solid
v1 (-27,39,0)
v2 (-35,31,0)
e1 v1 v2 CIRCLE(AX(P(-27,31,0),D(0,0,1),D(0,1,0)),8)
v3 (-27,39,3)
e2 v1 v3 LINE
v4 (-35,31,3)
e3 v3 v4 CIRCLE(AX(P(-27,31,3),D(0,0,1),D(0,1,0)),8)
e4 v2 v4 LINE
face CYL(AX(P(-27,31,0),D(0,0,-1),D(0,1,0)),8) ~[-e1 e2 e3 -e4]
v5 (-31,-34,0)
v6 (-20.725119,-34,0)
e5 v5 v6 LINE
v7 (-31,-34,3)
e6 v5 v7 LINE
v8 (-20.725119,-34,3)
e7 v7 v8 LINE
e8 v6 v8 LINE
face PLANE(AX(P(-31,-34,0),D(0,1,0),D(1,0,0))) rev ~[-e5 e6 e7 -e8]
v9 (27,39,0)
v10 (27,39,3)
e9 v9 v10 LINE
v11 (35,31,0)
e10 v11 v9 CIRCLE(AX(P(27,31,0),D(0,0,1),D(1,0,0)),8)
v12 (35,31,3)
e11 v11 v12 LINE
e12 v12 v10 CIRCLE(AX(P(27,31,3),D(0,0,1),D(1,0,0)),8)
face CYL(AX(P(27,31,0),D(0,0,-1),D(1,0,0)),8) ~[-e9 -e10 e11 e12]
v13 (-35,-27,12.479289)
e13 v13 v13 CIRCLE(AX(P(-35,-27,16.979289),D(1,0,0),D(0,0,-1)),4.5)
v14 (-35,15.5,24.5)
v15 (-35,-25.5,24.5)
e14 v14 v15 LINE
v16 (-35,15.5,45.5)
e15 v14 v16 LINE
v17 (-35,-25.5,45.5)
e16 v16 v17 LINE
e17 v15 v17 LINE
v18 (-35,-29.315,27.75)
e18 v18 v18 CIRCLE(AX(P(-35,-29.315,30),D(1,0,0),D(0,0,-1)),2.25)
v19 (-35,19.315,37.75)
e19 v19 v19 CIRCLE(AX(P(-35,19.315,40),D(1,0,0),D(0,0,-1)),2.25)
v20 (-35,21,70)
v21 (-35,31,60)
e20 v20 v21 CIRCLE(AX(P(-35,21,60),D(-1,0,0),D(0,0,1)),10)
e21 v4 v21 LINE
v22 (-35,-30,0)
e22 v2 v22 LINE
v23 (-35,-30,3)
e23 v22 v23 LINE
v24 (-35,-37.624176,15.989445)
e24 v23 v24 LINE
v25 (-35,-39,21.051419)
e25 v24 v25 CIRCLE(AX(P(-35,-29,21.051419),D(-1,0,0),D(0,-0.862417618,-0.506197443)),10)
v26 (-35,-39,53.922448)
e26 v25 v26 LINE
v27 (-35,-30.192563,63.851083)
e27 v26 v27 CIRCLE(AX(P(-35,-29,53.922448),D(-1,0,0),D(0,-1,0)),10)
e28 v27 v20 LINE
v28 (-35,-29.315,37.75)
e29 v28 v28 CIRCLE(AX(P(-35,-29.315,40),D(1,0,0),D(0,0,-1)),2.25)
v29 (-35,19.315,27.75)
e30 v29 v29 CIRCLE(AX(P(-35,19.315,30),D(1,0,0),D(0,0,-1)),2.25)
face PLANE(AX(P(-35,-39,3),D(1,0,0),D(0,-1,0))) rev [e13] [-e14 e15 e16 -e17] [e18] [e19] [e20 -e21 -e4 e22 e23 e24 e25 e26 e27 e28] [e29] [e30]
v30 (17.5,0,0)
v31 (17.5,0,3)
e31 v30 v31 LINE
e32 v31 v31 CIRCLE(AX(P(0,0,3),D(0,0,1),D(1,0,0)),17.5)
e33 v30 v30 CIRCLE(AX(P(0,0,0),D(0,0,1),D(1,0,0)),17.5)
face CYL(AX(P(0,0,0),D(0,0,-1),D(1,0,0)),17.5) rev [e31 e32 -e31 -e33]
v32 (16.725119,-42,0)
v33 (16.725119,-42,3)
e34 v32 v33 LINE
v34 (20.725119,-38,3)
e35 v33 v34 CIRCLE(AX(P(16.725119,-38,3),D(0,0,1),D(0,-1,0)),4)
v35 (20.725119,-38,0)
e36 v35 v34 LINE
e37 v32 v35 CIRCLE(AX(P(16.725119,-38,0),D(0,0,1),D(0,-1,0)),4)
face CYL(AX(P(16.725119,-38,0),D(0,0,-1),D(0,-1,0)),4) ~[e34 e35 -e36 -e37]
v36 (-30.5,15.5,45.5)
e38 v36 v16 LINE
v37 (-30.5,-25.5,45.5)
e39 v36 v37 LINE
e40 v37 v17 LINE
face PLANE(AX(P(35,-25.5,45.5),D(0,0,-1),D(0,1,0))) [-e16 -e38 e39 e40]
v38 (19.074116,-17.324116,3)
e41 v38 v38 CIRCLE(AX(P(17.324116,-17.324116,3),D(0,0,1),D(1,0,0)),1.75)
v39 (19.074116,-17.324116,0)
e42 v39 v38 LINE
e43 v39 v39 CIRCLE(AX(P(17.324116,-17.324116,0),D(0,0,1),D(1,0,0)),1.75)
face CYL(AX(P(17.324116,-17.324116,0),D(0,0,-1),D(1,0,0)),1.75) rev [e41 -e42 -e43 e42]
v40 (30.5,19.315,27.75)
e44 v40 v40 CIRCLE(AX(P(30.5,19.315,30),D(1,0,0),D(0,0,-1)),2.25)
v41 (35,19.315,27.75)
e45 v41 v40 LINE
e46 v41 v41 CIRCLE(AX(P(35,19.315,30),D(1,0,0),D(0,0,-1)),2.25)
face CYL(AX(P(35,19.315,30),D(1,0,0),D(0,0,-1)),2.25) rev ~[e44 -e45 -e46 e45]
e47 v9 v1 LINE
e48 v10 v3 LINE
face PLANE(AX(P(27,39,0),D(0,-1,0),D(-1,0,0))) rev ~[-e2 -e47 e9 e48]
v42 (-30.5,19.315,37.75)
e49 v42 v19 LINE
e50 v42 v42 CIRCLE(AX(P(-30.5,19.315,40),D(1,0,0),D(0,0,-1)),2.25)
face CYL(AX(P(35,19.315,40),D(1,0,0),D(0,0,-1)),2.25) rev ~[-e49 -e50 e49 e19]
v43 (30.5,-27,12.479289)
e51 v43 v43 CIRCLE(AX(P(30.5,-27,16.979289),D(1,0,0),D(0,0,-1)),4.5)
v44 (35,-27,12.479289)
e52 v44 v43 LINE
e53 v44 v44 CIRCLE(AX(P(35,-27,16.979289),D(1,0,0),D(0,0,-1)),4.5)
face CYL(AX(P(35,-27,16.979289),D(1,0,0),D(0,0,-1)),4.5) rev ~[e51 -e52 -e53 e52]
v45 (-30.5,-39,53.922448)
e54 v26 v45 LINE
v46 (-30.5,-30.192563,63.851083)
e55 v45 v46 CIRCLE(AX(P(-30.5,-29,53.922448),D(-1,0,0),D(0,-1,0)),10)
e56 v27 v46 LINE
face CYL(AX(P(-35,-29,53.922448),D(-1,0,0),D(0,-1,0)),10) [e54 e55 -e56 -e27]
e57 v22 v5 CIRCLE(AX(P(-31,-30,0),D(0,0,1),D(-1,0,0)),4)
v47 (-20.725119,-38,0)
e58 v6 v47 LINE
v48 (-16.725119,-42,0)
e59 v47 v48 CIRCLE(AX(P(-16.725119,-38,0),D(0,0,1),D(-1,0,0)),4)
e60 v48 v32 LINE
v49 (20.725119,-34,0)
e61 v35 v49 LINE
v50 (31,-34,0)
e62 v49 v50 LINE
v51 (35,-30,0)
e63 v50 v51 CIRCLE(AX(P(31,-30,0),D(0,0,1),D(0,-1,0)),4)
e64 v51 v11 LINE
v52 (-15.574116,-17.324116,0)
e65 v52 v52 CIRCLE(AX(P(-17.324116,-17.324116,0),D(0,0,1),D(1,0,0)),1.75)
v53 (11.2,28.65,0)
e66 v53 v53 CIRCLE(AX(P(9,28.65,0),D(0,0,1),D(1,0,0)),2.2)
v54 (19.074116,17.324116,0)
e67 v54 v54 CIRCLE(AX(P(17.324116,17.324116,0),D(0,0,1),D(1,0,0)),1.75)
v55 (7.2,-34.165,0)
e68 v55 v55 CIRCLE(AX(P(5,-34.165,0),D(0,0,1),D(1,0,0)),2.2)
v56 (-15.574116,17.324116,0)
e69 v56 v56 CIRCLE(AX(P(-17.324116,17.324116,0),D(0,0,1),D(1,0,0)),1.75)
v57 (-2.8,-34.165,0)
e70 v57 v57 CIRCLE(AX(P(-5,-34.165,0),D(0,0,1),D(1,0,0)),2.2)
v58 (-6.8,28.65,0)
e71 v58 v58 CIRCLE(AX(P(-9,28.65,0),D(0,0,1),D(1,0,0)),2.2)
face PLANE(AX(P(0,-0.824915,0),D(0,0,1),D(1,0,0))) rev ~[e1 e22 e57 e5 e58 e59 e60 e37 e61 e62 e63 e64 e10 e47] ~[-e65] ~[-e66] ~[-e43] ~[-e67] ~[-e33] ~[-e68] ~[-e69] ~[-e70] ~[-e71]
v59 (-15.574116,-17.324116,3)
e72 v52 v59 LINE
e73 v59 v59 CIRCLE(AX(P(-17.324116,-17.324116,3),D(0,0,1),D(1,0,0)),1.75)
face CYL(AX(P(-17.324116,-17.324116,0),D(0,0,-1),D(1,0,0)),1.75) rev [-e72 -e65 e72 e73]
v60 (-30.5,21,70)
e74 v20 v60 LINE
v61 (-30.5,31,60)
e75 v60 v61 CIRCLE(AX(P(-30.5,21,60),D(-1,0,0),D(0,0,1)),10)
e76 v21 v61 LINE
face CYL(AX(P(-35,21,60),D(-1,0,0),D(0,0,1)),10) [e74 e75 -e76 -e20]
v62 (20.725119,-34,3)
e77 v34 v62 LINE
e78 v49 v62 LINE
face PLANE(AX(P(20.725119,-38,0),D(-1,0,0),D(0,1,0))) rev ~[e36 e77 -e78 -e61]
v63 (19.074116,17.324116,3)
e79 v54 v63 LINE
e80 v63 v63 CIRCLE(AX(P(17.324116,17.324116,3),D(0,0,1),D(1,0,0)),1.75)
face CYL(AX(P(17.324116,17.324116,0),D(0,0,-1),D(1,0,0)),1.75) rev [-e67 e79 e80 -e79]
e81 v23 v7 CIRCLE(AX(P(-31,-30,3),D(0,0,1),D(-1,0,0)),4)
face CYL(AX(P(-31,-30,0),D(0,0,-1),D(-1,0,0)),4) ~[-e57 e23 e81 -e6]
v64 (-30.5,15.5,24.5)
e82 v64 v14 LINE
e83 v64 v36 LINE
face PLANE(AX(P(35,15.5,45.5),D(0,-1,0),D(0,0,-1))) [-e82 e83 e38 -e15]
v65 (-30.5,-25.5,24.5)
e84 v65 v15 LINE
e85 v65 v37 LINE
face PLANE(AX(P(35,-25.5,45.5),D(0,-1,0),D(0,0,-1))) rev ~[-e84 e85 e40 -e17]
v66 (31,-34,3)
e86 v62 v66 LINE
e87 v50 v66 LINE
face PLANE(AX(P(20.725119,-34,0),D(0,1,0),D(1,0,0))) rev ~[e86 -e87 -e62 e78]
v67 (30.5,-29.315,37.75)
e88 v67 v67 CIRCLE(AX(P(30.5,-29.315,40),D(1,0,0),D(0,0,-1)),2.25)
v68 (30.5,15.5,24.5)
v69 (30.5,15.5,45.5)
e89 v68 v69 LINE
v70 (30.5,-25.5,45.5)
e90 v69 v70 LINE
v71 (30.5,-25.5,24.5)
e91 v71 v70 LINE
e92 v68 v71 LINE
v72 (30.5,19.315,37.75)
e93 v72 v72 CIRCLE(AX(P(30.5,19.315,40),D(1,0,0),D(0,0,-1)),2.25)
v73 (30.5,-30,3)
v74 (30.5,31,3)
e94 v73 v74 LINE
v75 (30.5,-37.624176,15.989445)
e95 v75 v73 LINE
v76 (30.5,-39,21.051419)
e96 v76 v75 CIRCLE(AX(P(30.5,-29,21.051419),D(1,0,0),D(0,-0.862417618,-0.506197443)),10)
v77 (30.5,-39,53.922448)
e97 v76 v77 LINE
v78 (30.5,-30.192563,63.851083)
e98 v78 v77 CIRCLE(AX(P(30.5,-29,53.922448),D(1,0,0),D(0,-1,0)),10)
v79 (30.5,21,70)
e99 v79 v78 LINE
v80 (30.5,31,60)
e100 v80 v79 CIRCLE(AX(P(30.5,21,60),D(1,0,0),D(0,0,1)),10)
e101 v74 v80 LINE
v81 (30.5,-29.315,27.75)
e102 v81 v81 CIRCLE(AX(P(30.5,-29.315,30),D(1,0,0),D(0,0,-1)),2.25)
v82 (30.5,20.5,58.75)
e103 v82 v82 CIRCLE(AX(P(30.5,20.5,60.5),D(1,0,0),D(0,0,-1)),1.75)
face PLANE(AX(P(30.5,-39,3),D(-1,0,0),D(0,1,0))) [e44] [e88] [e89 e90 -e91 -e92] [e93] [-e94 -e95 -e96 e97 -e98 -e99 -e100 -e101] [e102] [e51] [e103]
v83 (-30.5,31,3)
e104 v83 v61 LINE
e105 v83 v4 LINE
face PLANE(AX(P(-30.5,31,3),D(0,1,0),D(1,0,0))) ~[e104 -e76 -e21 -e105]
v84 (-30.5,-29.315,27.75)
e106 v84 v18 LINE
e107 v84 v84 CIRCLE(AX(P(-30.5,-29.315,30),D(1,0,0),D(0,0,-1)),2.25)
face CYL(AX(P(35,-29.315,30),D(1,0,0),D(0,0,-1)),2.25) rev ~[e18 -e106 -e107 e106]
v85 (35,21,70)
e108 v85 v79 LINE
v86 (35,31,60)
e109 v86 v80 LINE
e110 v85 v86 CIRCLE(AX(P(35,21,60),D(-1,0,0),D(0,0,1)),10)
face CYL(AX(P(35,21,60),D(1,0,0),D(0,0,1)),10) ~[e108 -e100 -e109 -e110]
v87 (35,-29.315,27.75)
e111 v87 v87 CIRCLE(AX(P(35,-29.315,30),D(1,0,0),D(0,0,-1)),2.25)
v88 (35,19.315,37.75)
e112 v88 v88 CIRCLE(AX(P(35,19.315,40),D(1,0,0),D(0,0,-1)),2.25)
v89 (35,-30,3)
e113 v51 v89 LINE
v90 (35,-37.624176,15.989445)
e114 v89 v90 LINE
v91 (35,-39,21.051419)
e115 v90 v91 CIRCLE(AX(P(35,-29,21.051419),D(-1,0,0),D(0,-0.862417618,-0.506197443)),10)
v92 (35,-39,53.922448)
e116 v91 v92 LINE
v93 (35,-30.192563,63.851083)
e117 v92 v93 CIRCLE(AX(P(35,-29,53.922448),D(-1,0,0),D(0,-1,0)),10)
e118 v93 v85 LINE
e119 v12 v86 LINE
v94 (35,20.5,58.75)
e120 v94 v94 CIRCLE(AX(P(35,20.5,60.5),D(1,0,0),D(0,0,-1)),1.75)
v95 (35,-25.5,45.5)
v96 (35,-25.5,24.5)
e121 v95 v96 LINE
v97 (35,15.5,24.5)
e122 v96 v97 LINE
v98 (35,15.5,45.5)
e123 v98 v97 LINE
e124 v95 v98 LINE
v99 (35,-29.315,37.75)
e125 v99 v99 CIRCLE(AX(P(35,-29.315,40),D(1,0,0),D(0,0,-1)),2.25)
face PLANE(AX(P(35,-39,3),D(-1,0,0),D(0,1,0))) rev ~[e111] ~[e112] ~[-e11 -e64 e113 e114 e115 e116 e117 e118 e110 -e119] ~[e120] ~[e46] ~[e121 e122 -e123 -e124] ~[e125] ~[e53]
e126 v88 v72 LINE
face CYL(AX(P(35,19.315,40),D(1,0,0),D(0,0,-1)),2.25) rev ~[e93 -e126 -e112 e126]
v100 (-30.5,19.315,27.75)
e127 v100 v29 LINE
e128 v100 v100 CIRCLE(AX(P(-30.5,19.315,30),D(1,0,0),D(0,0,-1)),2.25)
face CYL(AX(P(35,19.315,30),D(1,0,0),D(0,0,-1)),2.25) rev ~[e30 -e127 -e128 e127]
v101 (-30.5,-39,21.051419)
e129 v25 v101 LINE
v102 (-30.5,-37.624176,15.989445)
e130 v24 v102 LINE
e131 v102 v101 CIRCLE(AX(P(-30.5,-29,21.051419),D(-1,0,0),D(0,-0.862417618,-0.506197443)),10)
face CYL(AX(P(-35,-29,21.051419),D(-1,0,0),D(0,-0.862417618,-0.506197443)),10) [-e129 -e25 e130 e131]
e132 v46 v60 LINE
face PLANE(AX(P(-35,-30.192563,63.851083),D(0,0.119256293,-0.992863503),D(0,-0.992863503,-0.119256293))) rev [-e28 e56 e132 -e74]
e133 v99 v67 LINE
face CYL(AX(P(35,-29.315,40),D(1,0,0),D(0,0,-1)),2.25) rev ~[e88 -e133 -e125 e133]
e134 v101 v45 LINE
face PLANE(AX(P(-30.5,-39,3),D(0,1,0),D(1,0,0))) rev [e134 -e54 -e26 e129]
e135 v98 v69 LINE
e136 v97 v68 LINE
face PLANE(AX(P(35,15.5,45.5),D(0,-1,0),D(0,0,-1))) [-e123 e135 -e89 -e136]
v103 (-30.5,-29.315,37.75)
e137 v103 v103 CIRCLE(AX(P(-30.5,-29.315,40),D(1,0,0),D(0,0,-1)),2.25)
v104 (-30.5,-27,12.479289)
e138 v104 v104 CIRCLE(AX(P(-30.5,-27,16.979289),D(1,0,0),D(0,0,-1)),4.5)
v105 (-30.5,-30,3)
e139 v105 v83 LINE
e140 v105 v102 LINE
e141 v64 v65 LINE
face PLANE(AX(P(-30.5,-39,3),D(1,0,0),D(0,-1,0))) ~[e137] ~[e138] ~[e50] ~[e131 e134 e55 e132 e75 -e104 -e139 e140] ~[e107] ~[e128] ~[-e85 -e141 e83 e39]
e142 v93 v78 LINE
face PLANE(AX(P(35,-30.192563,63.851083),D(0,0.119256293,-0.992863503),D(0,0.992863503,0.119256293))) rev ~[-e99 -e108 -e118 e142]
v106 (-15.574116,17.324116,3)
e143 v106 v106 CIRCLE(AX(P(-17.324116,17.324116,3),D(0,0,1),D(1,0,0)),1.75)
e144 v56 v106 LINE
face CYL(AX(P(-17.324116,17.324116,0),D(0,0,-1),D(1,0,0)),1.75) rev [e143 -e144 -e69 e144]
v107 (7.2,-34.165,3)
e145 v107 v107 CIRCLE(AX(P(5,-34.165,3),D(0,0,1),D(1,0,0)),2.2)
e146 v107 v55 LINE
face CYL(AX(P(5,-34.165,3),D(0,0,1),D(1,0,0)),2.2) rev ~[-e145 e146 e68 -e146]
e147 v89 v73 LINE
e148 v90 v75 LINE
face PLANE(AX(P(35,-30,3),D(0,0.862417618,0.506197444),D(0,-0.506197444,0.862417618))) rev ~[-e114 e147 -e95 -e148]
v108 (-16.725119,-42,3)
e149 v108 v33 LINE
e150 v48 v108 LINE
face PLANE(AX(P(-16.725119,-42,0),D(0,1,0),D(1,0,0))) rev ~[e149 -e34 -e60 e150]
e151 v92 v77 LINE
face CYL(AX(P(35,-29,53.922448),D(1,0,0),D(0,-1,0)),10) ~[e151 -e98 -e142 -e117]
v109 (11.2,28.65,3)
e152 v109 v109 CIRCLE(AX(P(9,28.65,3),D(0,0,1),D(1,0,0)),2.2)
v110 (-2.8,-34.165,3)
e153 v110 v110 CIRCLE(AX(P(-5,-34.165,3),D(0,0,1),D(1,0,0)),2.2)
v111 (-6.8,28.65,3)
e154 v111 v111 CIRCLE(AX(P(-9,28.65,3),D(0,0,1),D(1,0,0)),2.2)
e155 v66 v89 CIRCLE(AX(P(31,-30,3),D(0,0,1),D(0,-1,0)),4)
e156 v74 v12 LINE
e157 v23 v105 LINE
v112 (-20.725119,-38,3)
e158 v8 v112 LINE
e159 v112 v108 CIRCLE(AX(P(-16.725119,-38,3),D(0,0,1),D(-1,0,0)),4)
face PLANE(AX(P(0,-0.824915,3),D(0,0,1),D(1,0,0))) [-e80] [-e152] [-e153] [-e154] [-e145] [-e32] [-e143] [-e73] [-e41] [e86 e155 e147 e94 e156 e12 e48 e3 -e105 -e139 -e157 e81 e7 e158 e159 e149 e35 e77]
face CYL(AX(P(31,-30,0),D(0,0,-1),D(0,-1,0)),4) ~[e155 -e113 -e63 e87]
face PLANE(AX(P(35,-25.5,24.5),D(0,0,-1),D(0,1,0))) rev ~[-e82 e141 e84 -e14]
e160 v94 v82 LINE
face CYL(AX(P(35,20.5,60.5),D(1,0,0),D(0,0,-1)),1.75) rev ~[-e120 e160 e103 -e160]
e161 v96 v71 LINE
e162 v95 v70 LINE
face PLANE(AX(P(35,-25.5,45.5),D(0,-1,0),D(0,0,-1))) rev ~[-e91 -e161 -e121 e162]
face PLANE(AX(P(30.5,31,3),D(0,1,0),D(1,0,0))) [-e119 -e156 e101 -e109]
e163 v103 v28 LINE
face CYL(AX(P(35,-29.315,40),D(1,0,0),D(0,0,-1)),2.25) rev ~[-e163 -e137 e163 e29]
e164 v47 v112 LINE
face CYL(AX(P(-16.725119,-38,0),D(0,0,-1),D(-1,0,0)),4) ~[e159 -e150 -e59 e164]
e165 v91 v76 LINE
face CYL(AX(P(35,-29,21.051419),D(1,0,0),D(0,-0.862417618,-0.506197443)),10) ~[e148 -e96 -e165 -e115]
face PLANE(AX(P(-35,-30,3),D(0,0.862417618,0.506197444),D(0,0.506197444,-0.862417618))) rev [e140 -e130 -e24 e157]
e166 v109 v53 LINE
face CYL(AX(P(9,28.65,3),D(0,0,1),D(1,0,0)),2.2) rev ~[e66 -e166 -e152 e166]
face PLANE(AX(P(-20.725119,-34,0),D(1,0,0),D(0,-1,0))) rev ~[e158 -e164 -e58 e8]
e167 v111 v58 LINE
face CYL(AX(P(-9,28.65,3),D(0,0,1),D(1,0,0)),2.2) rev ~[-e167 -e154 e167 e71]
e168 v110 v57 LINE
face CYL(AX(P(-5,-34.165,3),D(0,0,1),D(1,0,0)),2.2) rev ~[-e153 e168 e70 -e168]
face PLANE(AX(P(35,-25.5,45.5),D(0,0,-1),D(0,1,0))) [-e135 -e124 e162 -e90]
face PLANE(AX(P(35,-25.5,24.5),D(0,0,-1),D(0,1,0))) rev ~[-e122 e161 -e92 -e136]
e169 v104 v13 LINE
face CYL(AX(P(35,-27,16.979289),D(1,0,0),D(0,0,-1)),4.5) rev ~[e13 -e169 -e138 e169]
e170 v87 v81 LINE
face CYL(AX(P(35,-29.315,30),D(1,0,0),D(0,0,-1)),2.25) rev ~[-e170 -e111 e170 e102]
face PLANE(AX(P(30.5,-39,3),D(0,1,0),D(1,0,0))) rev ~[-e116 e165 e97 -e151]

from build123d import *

# Parameters (mm, degrees)
SKETCH_2_R          = 17.5
SKETCH_2_R_2        = 1.75
EXTRUDE_2_DEPTH     = 3
SKETCH_4_W          = 4.5
SKETCH_4_H          = 70
EXTRUDE_3_DEPTH     = 67
CUT_EXTRUDE_4_DEPTH = 71
SKETCH_6_R          = 2.25
SKETCH_6_W          = 21
SKETCH_6_H          = 41
CUT_EXTRUDE_6_DEPTH = 71
CUT_EXTRUDE_7_REACH = 72
SKETCH_7_R          = 1.75
SKETCH_8_R          = 4.5
CUT_EXTRUDE_8_DEPTH = 71
SKETCH_9_R          = 2.2
CUT_EXTRUDE_9_DEPTH = 4


with BuildPart() as part:
    # 草图2 → 凸台-拉伸2 (new body)
    with BuildSketch(Plane.XY):
        with BuildLine():
            Line((-31, -34), (-20.725119278, -34))
            Line((-20.725119278, -34), (-20.725119278, -38))
            ThreePointArc((-20.725119278, -38), (-19.553546403, -40.828427125), (-16.725119278, -42))
            Line((-16.725119278, -42), (16.725119278, -42))
            ThreePointArc((16.725119278, -42), (19.553546403, -40.828427125), (20.725119278, -38))
            Line((20.725119278, -38), (20.725119278, -34))
            Line((20.725119278, -34), (31, -34))
            ThreePointArc((31, -34), (33.828427125, -32.828427125), (35, -30))
            Line((35, -30), (35, 31))
            ThreePointArc((35, 31), (32.656854249, 36.656854249), (27, 39))
            Line((27, 39), (-27, 39))
            ThreePointArc((-27, 39), (-32.656854249, 36.656854249), (-35, 31))
            Line((-35, 31), (-35, -30))
            ThreePointArc((-35, -30), (-33.828427125, -32.828427125), (-31, -34))
        make_face()
        Circle(SKETCH_2_R, mode=Mode.SUBTRACT)
        with Locations((-17.324116139, 17.324116139)):
            Circle(SKETCH_2_R_2, mode=Mode.SUBTRACT)
        with Locations((17.324116139, 17.324116139)):
            Circle(SKETCH_2_R_2, mode=Mode.SUBTRACT)
        with Locations((17.324116139, -17.324116139)):
            Circle(SKETCH_2_R_2, mode=Mode.SUBTRACT)
        with Locations((-17.324116139, -17.324116139)):
            Circle(SKETCH_2_R_2, mode=Mode.SUBTRACT)
    extrude(amount=EXTRUDE_2_DEPTH)

    # 草图4 → 凸台-拉伸3 (add)
    with BuildSketch(Plane.XY.offset(3)):
        with Locations((32.75, -4)):
            Rectangle(SKETCH_4_W, SKETCH_4_H)
    extrude_3 = extrude(amount=EXTRUDE_3_DEPTH)

    # 草图5 → 切除-拉伸4 (cut, through all)
    with BuildSketch(Plane(origin=(35, 0, 0), x_dir=(0, 0, -1), z_dir=(1, 0, 0))):
        with BuildLine():
            ThreePointArc((-70, 21), (-67.071067812, 28.071067812), (-60, 31))
            Line((-60, 31), (-70, 31))
            Line((-70, 31), (-70, 21))
        make_face()
        with BuildLine():
            Line((-63.851082976, -30.192562933), (-70, 21))
            Line((-70, 21), (-70, -39))
            Line((-70, -39), (-53.922447942, -39))
            ThreePointArc((-53.922447942, -39), (-60.558499881, -36.480829811), (-63.851082976, -30.192562933))
        make_face()
        with BuildLine():
            Line((-3, -39), (-3, -30))
            Line((-3, -30), (-15.989445023, -37.624176182))
            ThreePointArc((-15.989445023, -37.624176182), (-18.428611976, -38.649916109), (-21.051419458, -39))
            Line((-21.051419458, -39), (-3, -39))
        make_face()
    cut_extrude_4 = extrude(amount=-CUT_EXTRUDE_4_DEPTH, mode=Mode.SUBTRACT)

    # 镜向2: 凸台-拉伸3, 切除-拉伸4 across plane
    add(extrude_3.mirror(Plane(origin=(0, 0, 0), x_dir=(0, 0, 1), z_dir=(1, 0, 0))))
    add(cut_extrude_4.mirror(Plane(origin=(0, 0, 0), x_dir=(0, 0, 1), z_dir=(1, 0, 0))), mode=Mode.SUBTRACT)

    # 草图6 → 切除-拉伸6 (cut, through all)
    with BuildSketch(Plane(origin=(35, 0, 0), x_dir=(0, 0, -1), z_dir=(1, 0, 0))):
        with Locations((-40, -29.315)):
            Circle(SKETCH_6_R)
        with Locations((-30, -29.315)):
            Circle(SKETCH_6_R)
        with Locations((-35, -5)):
            Rectangle(SKETCH_6_W, SKETCH_6_H)
        with Locations((-40, 19.315)):
            Circle(SKETCH_6_R)
        with Locations((-30, 19.315)):
            Circle(SKETCH_6_R)
    extrude(amount=-CUT_EXTRUDE_6_DEPTH, mode=Mode.SUBTRACT)

    # 草图7 → 切除-拉伸7 (cut, up to next)
    with BuildSketch(Plane(origin=(35, 0, 0), x_dir=(0, 0, -1), z_dir=(1, 0, 0)), mode=Mode.PRIVATE) as cut_extrude_7_sk1:
        with Locations((-60.5, 20.5)):
            Circle(SKETCH_7_R)
    cut_extrude_7_tool1 = extrude(cut_extrude_7_sk1.sketch, amount=-CUT_EXTRUDE_7_REACH, mode=Mode.PRIVATE) & part.part
    add(cut_extrude_7_tool1.solids().sort_by_distance((35, 20.5, 60.5))[0], mode=Mode.SUBTRACT)

    # 草图8 → 切除-拉伸8 (cut, through all)
    with BuildSketch(Plane(origin=(35, 0, 0), x_dir=(0, 0, -1), z_dir=(1, 0, 0))):
        with Locations((-16.97928935, -27)):
            Circle(SKETCH_8_R)
    extrude(amount=-CUT_EXTRUDE_8_DEPTH, mode=Mode.SUBTRACT)

    # 草图9 → 切除-拉伸9 (cut, through all)
    with BuildSketch(Plane.XY.offset(3)):
        with Locations((9, 28.65)):
            Circle(SKETCH_9_R)
        with Locations((-9, 28.65)):
            Circle(SKETCH_9_R)
        with Locations((5, -34.165)):
            Circle(SKETCH_9_R)
        with Locations((-5, -34.165)):
            Circle(SKETCH_9_R)
    extrude(amount=-CUT_EXTRUDE_9_DEPTH, mode=Mode.SUBTRACT)


solid = part.part
